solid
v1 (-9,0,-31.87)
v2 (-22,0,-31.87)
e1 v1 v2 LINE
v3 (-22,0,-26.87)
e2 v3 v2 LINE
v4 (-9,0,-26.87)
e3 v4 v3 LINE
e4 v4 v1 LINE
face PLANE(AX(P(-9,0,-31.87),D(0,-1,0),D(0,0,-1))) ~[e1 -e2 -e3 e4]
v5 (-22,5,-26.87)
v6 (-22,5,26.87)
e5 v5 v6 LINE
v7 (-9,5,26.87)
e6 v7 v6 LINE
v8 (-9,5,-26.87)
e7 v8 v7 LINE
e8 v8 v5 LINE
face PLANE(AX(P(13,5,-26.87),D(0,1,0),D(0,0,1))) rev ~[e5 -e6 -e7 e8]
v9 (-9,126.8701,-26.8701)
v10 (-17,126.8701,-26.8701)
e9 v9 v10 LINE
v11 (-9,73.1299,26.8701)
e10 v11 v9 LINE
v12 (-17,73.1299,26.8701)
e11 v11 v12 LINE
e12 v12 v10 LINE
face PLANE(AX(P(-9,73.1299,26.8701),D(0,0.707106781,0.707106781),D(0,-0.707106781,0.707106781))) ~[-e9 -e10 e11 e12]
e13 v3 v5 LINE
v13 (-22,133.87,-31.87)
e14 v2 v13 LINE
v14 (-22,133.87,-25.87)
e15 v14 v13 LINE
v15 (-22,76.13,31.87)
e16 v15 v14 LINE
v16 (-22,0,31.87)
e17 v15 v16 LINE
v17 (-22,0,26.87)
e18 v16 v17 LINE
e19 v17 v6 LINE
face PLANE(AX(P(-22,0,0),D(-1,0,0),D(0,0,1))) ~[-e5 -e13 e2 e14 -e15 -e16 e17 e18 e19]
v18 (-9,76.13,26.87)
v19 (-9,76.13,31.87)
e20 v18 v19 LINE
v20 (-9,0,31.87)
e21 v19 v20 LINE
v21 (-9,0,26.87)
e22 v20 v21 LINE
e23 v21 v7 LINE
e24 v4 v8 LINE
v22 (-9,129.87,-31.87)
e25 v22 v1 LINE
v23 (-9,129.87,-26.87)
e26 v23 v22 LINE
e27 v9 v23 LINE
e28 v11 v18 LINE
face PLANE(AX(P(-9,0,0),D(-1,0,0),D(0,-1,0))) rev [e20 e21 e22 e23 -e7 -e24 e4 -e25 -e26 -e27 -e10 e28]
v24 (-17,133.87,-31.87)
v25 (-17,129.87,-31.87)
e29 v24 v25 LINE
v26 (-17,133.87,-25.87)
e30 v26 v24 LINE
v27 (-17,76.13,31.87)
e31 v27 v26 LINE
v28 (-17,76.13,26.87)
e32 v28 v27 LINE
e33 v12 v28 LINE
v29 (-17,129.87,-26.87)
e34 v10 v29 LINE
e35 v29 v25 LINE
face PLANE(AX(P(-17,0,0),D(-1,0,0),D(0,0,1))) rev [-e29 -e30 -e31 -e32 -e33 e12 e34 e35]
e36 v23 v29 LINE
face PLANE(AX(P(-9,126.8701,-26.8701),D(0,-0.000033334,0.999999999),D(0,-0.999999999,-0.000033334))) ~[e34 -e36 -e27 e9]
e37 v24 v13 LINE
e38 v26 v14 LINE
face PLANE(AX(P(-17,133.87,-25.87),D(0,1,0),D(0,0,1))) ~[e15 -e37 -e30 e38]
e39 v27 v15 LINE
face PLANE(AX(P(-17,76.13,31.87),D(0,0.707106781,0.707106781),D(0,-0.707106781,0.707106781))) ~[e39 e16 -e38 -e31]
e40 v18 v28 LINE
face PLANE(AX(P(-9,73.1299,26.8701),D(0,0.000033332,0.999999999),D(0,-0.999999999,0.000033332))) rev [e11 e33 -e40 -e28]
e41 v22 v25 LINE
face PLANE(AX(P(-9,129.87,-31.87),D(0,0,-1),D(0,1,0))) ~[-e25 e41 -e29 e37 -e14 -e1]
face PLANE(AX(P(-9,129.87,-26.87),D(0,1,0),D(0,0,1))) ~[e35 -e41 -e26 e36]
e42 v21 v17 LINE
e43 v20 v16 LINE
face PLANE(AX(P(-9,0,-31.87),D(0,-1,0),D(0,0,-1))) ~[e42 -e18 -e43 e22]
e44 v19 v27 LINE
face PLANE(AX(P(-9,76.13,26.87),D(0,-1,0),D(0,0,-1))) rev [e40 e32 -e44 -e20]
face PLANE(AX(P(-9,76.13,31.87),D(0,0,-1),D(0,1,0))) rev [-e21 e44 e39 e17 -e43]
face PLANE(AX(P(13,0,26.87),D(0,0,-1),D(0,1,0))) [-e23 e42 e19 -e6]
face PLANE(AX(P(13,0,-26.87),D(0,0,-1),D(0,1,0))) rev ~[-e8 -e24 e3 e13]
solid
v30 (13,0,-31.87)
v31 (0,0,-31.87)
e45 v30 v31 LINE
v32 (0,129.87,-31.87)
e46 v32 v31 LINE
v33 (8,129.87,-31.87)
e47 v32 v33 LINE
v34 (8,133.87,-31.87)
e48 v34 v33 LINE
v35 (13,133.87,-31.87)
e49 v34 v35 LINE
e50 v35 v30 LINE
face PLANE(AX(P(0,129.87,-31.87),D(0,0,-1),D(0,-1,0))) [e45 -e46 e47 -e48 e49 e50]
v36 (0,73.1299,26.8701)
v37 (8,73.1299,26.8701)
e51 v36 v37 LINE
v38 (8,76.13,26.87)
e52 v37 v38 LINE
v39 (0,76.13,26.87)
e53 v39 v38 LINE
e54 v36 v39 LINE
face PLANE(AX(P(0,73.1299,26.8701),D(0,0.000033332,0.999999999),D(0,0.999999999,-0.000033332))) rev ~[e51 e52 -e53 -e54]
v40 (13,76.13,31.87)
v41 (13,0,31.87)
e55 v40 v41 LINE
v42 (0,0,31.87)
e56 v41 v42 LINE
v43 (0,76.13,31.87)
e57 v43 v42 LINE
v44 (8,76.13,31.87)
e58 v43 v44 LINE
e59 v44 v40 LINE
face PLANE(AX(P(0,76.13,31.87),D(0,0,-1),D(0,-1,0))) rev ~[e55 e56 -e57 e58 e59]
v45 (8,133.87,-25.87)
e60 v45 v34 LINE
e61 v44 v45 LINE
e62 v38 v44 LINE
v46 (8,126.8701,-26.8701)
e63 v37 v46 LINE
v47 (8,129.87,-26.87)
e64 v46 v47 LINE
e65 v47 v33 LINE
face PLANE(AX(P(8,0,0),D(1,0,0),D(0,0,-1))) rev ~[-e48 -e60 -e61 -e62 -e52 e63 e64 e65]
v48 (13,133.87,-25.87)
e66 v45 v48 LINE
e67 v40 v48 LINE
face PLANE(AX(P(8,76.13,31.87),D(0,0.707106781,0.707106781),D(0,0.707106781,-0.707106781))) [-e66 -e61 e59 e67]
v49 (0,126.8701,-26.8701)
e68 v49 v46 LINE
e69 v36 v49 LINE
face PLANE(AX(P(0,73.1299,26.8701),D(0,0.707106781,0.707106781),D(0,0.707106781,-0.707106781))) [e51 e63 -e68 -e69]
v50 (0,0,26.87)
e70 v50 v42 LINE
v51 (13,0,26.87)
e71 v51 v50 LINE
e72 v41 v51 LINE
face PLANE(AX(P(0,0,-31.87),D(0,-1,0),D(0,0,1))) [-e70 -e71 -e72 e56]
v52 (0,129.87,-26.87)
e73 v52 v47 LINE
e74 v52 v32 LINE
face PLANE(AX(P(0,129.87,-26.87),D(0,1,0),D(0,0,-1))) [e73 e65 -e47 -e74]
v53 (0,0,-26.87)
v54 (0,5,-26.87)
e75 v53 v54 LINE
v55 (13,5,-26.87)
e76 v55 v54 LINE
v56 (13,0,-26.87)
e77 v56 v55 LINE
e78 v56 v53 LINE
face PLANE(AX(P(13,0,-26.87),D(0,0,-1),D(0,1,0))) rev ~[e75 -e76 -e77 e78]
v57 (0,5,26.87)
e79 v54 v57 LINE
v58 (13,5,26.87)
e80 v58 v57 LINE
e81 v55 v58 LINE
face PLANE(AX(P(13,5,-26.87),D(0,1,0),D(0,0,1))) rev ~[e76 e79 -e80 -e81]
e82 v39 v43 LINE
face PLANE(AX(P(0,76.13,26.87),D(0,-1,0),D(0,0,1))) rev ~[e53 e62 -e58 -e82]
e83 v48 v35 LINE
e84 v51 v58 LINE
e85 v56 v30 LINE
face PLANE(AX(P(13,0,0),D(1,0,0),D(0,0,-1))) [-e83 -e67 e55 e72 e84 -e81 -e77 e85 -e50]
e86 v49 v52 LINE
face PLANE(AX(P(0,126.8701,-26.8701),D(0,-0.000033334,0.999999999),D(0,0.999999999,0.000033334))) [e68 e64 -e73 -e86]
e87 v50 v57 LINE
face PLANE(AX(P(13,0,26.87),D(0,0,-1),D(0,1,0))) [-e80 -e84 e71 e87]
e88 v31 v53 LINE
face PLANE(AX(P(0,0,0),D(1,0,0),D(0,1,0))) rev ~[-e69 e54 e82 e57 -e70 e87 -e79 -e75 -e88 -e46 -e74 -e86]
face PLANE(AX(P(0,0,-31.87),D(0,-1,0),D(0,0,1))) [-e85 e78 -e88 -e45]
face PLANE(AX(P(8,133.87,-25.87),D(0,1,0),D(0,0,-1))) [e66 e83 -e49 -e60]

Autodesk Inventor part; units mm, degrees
ref_plane "YZ Plane" through (0, 0, 0) normal (1, 0, 0) x (0, 1, 0)
ref_plane "XZ Plane" through (0, 0, 0) normal (0, 1, 0) x (-1, 0, 0)
sketch "Boceto1" plane through (0, 0, 0) normal (1, 0, 0) x (0, 1, 0)
  line L0 (0, 0) -> (100, 0) construction
  line L1 (0, 0) -> (0, -26.87) construction
  line L2 (0, 0) -> (0, 26.87) construction
  line L3 (100, 0) -> (126.8701, -26.8701) construction
  line L4 (100, 0) -> (138, 0) construction
  line L5 (100, 0) -> (73.1299, 26.8701) construction
  line L6 (100, 0) -> (138, 0) construction
  line L7 (73.1299, 26.8701) -> (126.8701, -26.8701)
  line L8 (0, 26.87) -> (0, -26.87)
  line L9 (73.13, 26.87) -> (76.13, 26.87)
  line L10 (76.13, 26.87) -> (76.13, 31.87)
  line L11 (76.13, 31.87) -> (0, 31.87)
  line L12 (0, 31.87) -> (0, 26.87)
  line L13 (126.87, -26.87) -> (129.87, -26.87)
  line L14 (129.87, -26.87) -> (129.87, -31.87)
  line L15 (129.87, -31.87) -> (0, -31.87)
  line L16 (0, -31.87) -> (0, -26.87)
extrude "Extrusión1" add sketch "Boceto1" along normal blind 8
sketch "Boceto2" plane through (8, 0, 0) normal (1, 0, 0) x (0, 0, -1)
  line L0 (-26.87, 76.13) -> (-31.87, 76.13) construction
  line L1 (-31.87, 76.13) -> (-26.87, 76.13)
  line L2 (26.87, 126.87) -> (26.87, 129.87)
  line L3 (31.87, 129.87) -> (26.87, 129.87) projected
  line L4 (26.87, 129.87) -> (31.87, 129.87)
  line L5 (-31.87, 76.13) -> (-26.87, 76.13) construction
  line L6 (25.87, 133.87) -> (31.87, 133.87) construction
  line L7 (31.87, 133.87) -> (31.87, 129.87) construction
  line L8 (-31.87, 76.13) -> (25.87, 133.87)
  line L9 (31.87, 133.87) -> (31.87, 129.87)
  line L10 (25.87, 133.87) -> (31.87, 133.87)
  line L11 (-26.87, 73.13) -> (-26.87, 76.13) projected
  line L12 (-26.87, 76.13) -> (-31.87, 76.13)
  line L13 (-31.87, 76.13) -> (-31.87, 0) projected
  line L14 (-31.87, 76.13) -> (-31.87, 0)
  line L15 (-31.87, 0) -> (31.87, 0) projected
  line L16 (-31.87, 0) -> (31.87, 0)
  line L17 (31.87, 0) -> (31.87, 133.87)
  point P0 (0, 0)
  dimension "d18" = 133.87
extrude "Extrusión2" add sketch "Boceto2" along normal blind 5
ref_plane "Plano de trabajo1" through (-4.5, 0, 0) normal (-1, 0, 0) x (0, 0, 1)
mirror "Simetría1" about plane through (-4.5, 0, 0) normal (-1, 0, 0) of "Extrusión1", "Extrusión2"
sketch "Boceto4" plane through (13, 0, 0) normal (1, 0, 0) x (0, 0, -1)
  line L0 (-31.87, 76.13) -> (-31.87, 0) projected
  line L1 (-31.87, 0) -> (-26.87, 0)
  line L2 (-31.87, 0) -> (31.87, 0) projected
  line L3 (-26.87, 0) -> (-26.87, 5)
  line L4 (31.87, 0) -> (26.87, 0)
  line L5 (26.87, 0) -> (26.87, 5)
  line L6 (26.87, 5) -> (-26.87, 5)
  point P0 (0, 0)
  dimension "d23" = 5
  dimension "d24" = 5
  dimension "d25" = 5
extrude "Extrusión3" cut sketch "Boceto4" against normal through all
properties part number "BeamSplitter_Base"
